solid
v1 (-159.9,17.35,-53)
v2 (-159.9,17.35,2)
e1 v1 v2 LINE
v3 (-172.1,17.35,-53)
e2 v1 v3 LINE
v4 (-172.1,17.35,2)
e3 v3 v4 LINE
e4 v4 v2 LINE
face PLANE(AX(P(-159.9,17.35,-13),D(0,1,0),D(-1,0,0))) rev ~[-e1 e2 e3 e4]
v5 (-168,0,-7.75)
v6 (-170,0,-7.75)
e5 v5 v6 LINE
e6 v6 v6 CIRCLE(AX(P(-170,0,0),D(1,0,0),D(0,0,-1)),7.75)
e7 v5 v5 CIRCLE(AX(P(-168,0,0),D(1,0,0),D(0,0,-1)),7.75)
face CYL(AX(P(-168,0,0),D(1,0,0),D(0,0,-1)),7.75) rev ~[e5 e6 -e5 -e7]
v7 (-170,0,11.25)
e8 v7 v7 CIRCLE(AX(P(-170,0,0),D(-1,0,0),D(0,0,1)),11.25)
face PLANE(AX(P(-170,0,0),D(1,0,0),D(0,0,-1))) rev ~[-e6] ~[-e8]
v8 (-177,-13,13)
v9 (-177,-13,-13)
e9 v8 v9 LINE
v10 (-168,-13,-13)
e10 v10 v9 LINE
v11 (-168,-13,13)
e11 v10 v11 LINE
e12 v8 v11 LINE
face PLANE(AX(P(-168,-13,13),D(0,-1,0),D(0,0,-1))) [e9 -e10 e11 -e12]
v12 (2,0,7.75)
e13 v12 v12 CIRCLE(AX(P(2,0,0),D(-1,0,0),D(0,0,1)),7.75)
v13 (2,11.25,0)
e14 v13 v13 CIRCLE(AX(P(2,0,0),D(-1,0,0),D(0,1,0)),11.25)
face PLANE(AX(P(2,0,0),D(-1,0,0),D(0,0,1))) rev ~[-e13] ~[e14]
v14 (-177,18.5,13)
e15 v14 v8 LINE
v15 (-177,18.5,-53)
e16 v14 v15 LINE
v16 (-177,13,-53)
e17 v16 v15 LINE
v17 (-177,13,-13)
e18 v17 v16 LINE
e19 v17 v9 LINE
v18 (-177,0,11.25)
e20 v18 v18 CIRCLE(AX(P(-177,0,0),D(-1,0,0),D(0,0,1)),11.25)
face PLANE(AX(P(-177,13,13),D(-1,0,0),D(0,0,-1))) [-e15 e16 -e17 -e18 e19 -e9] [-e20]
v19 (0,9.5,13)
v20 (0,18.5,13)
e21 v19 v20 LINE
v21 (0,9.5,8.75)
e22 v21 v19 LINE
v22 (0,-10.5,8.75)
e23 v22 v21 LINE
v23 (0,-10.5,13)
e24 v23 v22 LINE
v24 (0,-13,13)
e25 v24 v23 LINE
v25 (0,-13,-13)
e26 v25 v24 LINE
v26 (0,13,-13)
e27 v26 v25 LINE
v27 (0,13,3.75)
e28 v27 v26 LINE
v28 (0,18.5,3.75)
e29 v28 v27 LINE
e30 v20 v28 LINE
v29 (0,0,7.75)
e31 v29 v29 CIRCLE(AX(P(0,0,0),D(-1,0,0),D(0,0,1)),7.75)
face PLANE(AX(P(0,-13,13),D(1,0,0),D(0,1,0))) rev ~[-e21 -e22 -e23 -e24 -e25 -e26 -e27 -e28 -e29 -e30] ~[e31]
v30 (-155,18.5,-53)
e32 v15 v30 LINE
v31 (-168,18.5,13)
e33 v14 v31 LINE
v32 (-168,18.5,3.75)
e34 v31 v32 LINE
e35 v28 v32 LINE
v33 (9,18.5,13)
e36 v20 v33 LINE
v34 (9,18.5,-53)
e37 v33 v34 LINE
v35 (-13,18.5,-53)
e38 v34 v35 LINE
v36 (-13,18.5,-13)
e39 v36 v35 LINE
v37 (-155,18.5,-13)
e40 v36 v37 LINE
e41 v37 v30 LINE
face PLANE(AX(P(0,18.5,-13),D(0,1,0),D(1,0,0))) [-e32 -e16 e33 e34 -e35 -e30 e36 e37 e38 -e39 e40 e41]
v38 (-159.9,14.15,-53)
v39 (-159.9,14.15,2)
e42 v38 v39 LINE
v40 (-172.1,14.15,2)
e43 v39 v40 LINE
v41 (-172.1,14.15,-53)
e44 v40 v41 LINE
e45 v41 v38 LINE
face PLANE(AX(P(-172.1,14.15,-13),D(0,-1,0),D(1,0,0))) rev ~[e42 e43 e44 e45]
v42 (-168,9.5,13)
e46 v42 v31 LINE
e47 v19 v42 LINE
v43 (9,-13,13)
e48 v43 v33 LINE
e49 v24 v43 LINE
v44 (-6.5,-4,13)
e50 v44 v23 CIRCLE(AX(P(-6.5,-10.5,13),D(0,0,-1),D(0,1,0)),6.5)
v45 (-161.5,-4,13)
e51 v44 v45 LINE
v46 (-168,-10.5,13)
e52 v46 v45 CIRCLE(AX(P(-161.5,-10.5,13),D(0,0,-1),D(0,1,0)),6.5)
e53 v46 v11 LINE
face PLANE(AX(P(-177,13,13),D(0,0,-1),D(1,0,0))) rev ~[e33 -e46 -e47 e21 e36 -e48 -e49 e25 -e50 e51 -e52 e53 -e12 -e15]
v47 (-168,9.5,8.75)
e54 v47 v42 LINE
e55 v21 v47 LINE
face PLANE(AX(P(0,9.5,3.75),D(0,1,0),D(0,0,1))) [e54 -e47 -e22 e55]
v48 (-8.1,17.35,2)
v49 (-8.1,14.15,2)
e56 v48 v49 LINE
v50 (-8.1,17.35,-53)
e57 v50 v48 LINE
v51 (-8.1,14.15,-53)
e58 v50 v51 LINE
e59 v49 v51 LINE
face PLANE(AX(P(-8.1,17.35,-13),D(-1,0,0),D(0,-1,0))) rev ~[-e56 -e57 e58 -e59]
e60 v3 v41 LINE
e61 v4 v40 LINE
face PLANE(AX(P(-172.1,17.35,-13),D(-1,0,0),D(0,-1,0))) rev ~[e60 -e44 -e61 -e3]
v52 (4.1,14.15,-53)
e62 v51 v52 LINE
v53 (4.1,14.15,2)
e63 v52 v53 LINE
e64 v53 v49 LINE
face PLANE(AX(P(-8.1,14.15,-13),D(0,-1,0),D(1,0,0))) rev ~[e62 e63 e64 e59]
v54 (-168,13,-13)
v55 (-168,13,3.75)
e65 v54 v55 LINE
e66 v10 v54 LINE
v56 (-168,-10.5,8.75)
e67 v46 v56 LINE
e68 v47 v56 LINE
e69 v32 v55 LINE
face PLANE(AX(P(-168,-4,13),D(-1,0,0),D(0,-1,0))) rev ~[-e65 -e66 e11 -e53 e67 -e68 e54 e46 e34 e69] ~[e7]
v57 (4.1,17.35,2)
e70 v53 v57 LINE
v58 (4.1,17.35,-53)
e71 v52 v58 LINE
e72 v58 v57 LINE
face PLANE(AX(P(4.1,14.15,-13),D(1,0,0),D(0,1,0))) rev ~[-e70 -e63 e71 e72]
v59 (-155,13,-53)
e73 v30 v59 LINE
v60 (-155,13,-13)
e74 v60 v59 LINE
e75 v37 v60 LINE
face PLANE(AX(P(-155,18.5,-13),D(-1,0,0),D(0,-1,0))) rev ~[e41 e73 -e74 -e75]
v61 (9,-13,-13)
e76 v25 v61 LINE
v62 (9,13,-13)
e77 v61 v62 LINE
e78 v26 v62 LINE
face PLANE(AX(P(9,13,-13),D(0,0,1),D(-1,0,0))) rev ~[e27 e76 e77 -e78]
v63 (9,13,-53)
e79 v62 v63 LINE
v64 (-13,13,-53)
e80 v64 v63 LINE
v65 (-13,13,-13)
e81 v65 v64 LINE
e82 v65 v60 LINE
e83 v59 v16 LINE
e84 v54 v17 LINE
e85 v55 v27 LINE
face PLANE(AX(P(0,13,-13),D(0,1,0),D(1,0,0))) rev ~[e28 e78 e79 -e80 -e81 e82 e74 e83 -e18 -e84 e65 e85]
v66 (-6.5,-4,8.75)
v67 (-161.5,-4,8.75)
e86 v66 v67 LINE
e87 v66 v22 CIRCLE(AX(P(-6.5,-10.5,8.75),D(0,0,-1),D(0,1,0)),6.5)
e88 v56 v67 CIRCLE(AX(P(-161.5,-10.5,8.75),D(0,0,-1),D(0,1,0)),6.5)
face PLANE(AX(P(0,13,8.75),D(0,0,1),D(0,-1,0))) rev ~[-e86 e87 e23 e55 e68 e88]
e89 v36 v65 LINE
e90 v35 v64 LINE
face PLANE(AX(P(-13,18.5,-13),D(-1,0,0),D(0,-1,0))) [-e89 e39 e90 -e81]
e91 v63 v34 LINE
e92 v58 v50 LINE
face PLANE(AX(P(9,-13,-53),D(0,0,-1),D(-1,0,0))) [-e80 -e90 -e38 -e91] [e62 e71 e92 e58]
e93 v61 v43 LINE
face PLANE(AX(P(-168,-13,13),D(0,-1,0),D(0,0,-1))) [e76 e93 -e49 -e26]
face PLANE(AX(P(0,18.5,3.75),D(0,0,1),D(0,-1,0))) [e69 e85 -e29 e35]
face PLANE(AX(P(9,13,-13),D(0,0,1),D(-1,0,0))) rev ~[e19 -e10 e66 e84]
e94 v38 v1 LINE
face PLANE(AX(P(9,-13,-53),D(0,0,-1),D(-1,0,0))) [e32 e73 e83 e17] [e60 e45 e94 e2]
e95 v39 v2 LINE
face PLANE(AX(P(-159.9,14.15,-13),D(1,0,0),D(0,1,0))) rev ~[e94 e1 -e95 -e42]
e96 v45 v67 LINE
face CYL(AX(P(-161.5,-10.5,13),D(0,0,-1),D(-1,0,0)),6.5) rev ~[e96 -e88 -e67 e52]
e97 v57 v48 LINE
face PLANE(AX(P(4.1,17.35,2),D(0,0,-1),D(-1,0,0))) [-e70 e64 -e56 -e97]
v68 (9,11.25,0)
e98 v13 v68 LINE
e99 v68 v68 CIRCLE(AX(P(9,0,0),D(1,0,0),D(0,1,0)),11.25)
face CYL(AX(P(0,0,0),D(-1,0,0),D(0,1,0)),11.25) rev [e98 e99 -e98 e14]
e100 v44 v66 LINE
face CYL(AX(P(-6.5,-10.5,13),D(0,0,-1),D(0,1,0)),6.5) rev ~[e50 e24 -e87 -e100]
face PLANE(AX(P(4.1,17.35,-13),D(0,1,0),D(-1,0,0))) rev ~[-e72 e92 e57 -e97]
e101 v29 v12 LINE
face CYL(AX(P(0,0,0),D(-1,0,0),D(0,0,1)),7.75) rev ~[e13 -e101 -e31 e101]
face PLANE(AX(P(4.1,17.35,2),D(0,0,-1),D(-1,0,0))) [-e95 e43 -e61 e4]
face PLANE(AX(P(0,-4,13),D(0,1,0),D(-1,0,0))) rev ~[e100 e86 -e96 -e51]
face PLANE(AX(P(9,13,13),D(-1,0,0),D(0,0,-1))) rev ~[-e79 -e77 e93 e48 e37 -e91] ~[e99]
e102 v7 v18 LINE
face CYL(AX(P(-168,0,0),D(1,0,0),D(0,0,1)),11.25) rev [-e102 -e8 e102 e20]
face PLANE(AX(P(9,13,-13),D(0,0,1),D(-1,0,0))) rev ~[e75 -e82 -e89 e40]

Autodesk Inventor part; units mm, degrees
ref_plane "YZ Plane" through (0, 0, 0) normal (1, 0, 0) x (0, 1, 0)
ref_plane "XZ Plane" through (0, 0, 0) normal (0, 1, 0) x (-1, 0, 0)
ref_plane "XY Plane" through (0, 0, 0) normal (0, 0, 1) x (1, 0, 0)
sketch "Sketch1" plane through (0, 0, 0) normal (1, 0, 0) x (0, 1, 0)
  circle A0 centre (0, 0) radius 11.25
  line L0 (-11.25, 11.25) -> (11.25, 11.25) construction
  line L1 (11.25, 11.25) -> (11.25, -11.25) construction
  line L2 (11.25, -11.25) -> (-11.25, -11.25) construction
  line L3 (-11.25, -11.25) -> (-11.25, 11.25) construction
  line L4 (-11.25, 11.25) -> (11.25, -11.25) construction
  line L5 (11.25, 11.25) -> (-11.25, -11.25) construction
  line L6 (11.25, 11.25) -> (14.25, 11.25) construction
  line L7 (14.25, 11.25) -> (14.25, -11.25) construction
  line L8 (14.25, -11.25) -> (11.25, -11.25) construction
  line L9 (11.25, -11.25) -> (11.25, 11.25) construction
  line L10 (14.25, -11.25) -> (-11.25, -11.25) construction
  line L11 (-11.25, -11.25) -> (-11.25, -14.25) construction
  line L12 (-11.25, -14.25) -> (14.25, -14.25) construction
  line L13 (14.25, -14.25) -> (14.25, -11.25) construction
  line L14 (-13, 13) -> (13, 13)
  line L15 (13, 13) -> (13, -13)
  line L16 (13, -13) -> (-13, -13)
  line L17 (-13, -13) -> (-13, 13)
  line L18 (-13, 13) -> (13, -13) construction
  line L19 (13, 13) -> (-13, -13) construction
  dimension "d0" = 22.5
  dimension "d1" = 3
  dimension "d2" = 3
  dimension "d3" = 26
  dimension "d4" = 26
extrude "Extrusion1" add sketch "Sketch1" along normal blind 9
sketch "Sketch2" plane through (0, 0, 0) normal (-1, 0, 0) x (0, 0, 1)
  circle A0 centre (0, 0) radius 7.75
  circle A1 centre (0, 0) radius 11.25
  dimension "d7" = 15.5
extrude "Extrusion2" add sketch "Sketch2" against normal blind 2
sketch "Sketch3" plane through (0, 0, 0) normal (-1, 0, 0) x (0, 0, 1)
  line L0 (13, 13) -> (-13, 13) projected
  line L1 (13, 13) -> (8.75, 13)
  line L2 (8.75, 13) -> (8.75, -13)
  line L3 (8.75, -13) -> (13, -13)
  line L4 (13, -13) -> (13, 13)
  point P0 (0, 0)
  dimension "d10" = 4.25
  dimension "d11" = 26
extrude "Extrusion3" add sketch "Sketch3" along normal blind 168
sketch "Sketch4" plane through (-168, 0, 0) normal (-1, 0, 0) x (0, 0, 1)
  line L0 (13, 13) -> (13, -13) projected
  line L1 (-13, -13) -> (-13, 13) projected
  line L2 (13, -13) -> (-13, -13)
  line L3 (-13, -13) -> (-13, 13)
  line L4 (-13, 13) -> (13, 13)
  line L5 (13, 13) -> (13, -13)
  circle A0 centre (0, 0) radius 7.75
  circle A1 centre (0, 0) radius 11.25
extrude "Extrusion4" add sketch "Sketch4" along normal blind 9 contours L0 L2 L1 L4
sketch "Sketch5" plane through (-168, 0, 0) normal (1, 0, 0) x (0, 0, -1)
  circle A0 centre (0, 0) radius 7.75
  circle A1 centre (0, 0) radius 11.25
extrude "Extrusion5" add sketch "Sketch5" against normal blind 2
sketch "Sketch6" plane through (0, 13, -13) normal (0, 1, 0) x (1, 0, 0)
  line L0 (9, -26) -> (9, 0) projected
  line L1 (-177, -26) -> (-177, 0) projected
  line L2 (9, 0) -> (-177, 0)
  line L3 (-177, 0) -> (-177, -26)
  line L4 (-177, -26) -> (9, -26)
  line L5 (9, -26) -> (9, 0)
  point P0 (0, -13)
extrude "Extrusion6" add sketch "Sketch6" along normal blind 5.5
ref_plane "Work Plane1" through (0, 0, 0) normal (-1, 0, 0) x (0, 0, 1)
sketch "Sketch7" plane through (0, 0, 0) normal (-1, 0, 0) x (0, 0, 1)
  line L0 (13, -13) -> (13, 18.5) projected
  line L1 (13, 18.5) -> (3.75, 18.5)
  line L2 (3.75, 18.5) -> (3.75, 9.5)
  line L3 (3.75, 9.5) -> (13, 9.5)
  line L4 (13, 9.5) -> (13, 18.5)
  point P0 (0, 0)
  dimension "d21" = 9.25
  dimension "d22" = 9
extrude "Extrusion7" cut sketch "Sketch7" along normal blind 168
sketch "Sketch8" plane through (0, 0, 0) normal (-1, 0, 0) x (0, 0, 1)
  point P0 (0, 0)
sketch "Sketch9" plane through (-177, -13, 13) normal (0, 0, 1) x (1, 0, 0)
  point P0 (177, 13)
sketch "Sketch10" plane through (-177, -13, 13) normal (0, 0, 1) x (1, 0, 0)
  line L0 (0, 0) -> (0, 31.5) construction
  line L1 (9, 0) -> (0, 0) construction
  line L2 (0, 31.5) -> (9, 31.5) construction
  line L3 (9, 31.5) -> (9, 0) construction
  line L4 (9, 0) -> (0, 0) construction
  line L5 (0, 0) -> (0, 31.5) construction
  line L6 (186, 31.5) -> (0, 31.5) construction
  line L7 (0, 0) -> (186, 0) construction
  line L8 (186, 31.5) -> (177, 31.5) construction
  line L9 (177, 31.5) -> (177, 0) construction
  line L10 (177, 0) -> (186, 0) construction
  line L11 (186, 0) -> (186, 31.5) construction
  line L12 (9, 22.5) -> (9, 0) projected
  line L13 (177, 0) -> (177, 22.5) projected
  line L14 (9, 0) -> (177, 0)
  line L15 (177, 0) -> (177, 9)
  line L16 (177, 9) -> (9, 9)
  line L17 (9, 9) -> (9, 0)
  point P0 (177, 13)
  dimension "d25" = 9
extrude "Extrusion8" cut sketch "Sketch10" against normal blind 5
fillet "Fillet1" radius 6.5 2 edges at (0, -4, 10.875) (-168, -4, 10.875)
sketch "Sketch11" plane through (9, -13, -13) normal (0, 0, -1) x (-1, 0, 0)
  point P0 (9, 13)
sketch "Sketch12" plane through (9, -13, -13) normal (0, 0, -1) x (-1, 0, 0)
  line L0 (0, 31.5) -> (186, 31.5) construction
  line L1 (9, 26) -> (177, 26) construction
  line L2 (0, 31.5) -> (22, 31.5) construction
  line L3 (22, 31.5) -> (22, 26) construction
  line L4 (22, 26) -> (0, 26) construction
  line L5 (0, 26) -> (0, 31.5) construction
  line L6 (17.1, 27.15) -> (4.9, 27.15) construction
  line L7 (4.9, 27.15) -> (4.9, 30.35) construction
  line L8 (4.9, 30.35) -> (17.1, 30.35) construction
  line L9 (17.1, 30.35) -> (17.1, 27.15) construction
  line L10 (17.1, 27.15) -> (4.9, 30.35) construction
  line L11 (4.9, 27.15) -> (17.1, 30.35) construction
  line L12 (17.1, 27.15) -> (4.9, 27.15)
  line L13 (4.9, 27.15) -> (4.9, 30.35)
  line L14 (4.9, 30.35) -> (17.1, 30.35)
  line L15 (17.1, 30.35) -> (17.1, 27.15)
  line L16 (17.1, 27.15) -> (4.9, 30.35) construction
  line L17 (4.9, 27.15) -> (17.1, 30.35) construction
  line L18 (186, 0) -> (186, 31.5) construction
  line L19 (186, 31.5) -> (164, 31.5) construction
  line L20 (164, 31.5) -> (164, 26) construction
  line L21 (164, 26) -> (186, 26) construction
  line L22 (186, 26) -> (186, 31.5) construction
  line L23 (181.1, 27.15) -> (168.9, 27.15)
  line L24 (168.9, 27.15) -> (168.9, 30.35)
  line L25 (168.9, 30.35) -> (181.1, 30.35)
  line L26 (181.1, 30.35) -> (181.1, 27.15)
  line L27 (181.1, 27.15) -> (168.9, 30.35) construction
  line L28 (168.9, 27.15) -> (181.1, 30.35) construction
  line L29 (22, 26) -> (0, 26)
  line L30 (0, 26) -> (0, 31.5)
  line L31 (0, 31.5) -> (22, 31.5)
  line L32 (22, 31.5) -> (22, 26)
  line L33 (164, 26) -> (186, 26)
  line L34 (186, 26) -> (186, 31.5)
  line L35 (186, 31.5) -> (164, 31.5)
  line L36 (164, 31.5) -> (164, 26)
  point P0 (9, 13)
  point P1 (11, 28.75)
  point P2 (175, 28.75)
  dimension "d29" = 22
  dimension "d30" = 12.2
  dimension "d31" = 3.2
  dimension "d32" = 22
  dimension "d33" = 12.2
  dimension "d34" = 3.2
extrude "Extrusion9" add sketch "Sketch12" along normal blind 40
sketch "Sketch13" plane through (4.1, 17.35, -13) normal (0, 0, -1) x (-1, 0, 0)
  line L0 (0, 0) -> (12.2, 0) projected
  line L1 (0, -3.2) -> (12.2, -3.2) projected
  line L2 (0, 0) -> (12.2, 0)
  line L3 (12.2, 0) -> (12.2, -3.2)
  line L4 (12.2, -3.2) -> (0, -3.2)
  line L5 (0, -3.2) -> (0, 0)
  line L6 (176.2, 0) -> (164, 0) projected
  line L7 (164, -3.2) -> (176.2, -3.2) projected
  line L8 (164, 0) -> (176.2, 0)
  line L9 (176.2, 0) -> (176.2, -3.2)
  line L10 (176.2, -3.2) -> (164, -3.2)
  line L11 (164, -3.2) -> (164, 0)
  point P0 (4.1, -17.35)
extrude "Extrusion10" cut sketch "Sketch13" against normal blind 15
sketch "Sketch14" plane through (-177, 0, 0) normal (-1, 0, 0) x (0, 0, 1)
  line L0 (14, -14) -> (-14, -14) construction
  line L1 (-14, -14) -> (-14, 14) construction
  line L2 (-14, 14) -> (14, 14) construction
  line L3 (14, 14) -> (14, -14) construction
  line L4 (14, -14) -> (-14, 14) construction
  line L5 (-14, -14) -> (14, 14) construction
  point P0 (0, 0)
  dimension "d39" = 28
  dimension "d40" = 28
sketch "Sketch15" plane through (0, 0, 0) normal (-1, 0, 0) x (0, 0, 1)
  line L0 (-33, -19) -> (-14, -19) construction
  line L1 (-14, -19) -> (-14, 0) construction
  line L2 (-33, 19) -> (-14, 19) construction
  line L3 (-14, -19) -> (-52, -19) construction
  line L4 (-52, -19) -> (-52, 19) construction
  line L5 (-52, 19) -> (-14, 19) construction
  point P0 (0, 0)
  dimension "d41" = 19
  dimension "d45" = 38
properties part number "rearAxelHolder 9-19"
